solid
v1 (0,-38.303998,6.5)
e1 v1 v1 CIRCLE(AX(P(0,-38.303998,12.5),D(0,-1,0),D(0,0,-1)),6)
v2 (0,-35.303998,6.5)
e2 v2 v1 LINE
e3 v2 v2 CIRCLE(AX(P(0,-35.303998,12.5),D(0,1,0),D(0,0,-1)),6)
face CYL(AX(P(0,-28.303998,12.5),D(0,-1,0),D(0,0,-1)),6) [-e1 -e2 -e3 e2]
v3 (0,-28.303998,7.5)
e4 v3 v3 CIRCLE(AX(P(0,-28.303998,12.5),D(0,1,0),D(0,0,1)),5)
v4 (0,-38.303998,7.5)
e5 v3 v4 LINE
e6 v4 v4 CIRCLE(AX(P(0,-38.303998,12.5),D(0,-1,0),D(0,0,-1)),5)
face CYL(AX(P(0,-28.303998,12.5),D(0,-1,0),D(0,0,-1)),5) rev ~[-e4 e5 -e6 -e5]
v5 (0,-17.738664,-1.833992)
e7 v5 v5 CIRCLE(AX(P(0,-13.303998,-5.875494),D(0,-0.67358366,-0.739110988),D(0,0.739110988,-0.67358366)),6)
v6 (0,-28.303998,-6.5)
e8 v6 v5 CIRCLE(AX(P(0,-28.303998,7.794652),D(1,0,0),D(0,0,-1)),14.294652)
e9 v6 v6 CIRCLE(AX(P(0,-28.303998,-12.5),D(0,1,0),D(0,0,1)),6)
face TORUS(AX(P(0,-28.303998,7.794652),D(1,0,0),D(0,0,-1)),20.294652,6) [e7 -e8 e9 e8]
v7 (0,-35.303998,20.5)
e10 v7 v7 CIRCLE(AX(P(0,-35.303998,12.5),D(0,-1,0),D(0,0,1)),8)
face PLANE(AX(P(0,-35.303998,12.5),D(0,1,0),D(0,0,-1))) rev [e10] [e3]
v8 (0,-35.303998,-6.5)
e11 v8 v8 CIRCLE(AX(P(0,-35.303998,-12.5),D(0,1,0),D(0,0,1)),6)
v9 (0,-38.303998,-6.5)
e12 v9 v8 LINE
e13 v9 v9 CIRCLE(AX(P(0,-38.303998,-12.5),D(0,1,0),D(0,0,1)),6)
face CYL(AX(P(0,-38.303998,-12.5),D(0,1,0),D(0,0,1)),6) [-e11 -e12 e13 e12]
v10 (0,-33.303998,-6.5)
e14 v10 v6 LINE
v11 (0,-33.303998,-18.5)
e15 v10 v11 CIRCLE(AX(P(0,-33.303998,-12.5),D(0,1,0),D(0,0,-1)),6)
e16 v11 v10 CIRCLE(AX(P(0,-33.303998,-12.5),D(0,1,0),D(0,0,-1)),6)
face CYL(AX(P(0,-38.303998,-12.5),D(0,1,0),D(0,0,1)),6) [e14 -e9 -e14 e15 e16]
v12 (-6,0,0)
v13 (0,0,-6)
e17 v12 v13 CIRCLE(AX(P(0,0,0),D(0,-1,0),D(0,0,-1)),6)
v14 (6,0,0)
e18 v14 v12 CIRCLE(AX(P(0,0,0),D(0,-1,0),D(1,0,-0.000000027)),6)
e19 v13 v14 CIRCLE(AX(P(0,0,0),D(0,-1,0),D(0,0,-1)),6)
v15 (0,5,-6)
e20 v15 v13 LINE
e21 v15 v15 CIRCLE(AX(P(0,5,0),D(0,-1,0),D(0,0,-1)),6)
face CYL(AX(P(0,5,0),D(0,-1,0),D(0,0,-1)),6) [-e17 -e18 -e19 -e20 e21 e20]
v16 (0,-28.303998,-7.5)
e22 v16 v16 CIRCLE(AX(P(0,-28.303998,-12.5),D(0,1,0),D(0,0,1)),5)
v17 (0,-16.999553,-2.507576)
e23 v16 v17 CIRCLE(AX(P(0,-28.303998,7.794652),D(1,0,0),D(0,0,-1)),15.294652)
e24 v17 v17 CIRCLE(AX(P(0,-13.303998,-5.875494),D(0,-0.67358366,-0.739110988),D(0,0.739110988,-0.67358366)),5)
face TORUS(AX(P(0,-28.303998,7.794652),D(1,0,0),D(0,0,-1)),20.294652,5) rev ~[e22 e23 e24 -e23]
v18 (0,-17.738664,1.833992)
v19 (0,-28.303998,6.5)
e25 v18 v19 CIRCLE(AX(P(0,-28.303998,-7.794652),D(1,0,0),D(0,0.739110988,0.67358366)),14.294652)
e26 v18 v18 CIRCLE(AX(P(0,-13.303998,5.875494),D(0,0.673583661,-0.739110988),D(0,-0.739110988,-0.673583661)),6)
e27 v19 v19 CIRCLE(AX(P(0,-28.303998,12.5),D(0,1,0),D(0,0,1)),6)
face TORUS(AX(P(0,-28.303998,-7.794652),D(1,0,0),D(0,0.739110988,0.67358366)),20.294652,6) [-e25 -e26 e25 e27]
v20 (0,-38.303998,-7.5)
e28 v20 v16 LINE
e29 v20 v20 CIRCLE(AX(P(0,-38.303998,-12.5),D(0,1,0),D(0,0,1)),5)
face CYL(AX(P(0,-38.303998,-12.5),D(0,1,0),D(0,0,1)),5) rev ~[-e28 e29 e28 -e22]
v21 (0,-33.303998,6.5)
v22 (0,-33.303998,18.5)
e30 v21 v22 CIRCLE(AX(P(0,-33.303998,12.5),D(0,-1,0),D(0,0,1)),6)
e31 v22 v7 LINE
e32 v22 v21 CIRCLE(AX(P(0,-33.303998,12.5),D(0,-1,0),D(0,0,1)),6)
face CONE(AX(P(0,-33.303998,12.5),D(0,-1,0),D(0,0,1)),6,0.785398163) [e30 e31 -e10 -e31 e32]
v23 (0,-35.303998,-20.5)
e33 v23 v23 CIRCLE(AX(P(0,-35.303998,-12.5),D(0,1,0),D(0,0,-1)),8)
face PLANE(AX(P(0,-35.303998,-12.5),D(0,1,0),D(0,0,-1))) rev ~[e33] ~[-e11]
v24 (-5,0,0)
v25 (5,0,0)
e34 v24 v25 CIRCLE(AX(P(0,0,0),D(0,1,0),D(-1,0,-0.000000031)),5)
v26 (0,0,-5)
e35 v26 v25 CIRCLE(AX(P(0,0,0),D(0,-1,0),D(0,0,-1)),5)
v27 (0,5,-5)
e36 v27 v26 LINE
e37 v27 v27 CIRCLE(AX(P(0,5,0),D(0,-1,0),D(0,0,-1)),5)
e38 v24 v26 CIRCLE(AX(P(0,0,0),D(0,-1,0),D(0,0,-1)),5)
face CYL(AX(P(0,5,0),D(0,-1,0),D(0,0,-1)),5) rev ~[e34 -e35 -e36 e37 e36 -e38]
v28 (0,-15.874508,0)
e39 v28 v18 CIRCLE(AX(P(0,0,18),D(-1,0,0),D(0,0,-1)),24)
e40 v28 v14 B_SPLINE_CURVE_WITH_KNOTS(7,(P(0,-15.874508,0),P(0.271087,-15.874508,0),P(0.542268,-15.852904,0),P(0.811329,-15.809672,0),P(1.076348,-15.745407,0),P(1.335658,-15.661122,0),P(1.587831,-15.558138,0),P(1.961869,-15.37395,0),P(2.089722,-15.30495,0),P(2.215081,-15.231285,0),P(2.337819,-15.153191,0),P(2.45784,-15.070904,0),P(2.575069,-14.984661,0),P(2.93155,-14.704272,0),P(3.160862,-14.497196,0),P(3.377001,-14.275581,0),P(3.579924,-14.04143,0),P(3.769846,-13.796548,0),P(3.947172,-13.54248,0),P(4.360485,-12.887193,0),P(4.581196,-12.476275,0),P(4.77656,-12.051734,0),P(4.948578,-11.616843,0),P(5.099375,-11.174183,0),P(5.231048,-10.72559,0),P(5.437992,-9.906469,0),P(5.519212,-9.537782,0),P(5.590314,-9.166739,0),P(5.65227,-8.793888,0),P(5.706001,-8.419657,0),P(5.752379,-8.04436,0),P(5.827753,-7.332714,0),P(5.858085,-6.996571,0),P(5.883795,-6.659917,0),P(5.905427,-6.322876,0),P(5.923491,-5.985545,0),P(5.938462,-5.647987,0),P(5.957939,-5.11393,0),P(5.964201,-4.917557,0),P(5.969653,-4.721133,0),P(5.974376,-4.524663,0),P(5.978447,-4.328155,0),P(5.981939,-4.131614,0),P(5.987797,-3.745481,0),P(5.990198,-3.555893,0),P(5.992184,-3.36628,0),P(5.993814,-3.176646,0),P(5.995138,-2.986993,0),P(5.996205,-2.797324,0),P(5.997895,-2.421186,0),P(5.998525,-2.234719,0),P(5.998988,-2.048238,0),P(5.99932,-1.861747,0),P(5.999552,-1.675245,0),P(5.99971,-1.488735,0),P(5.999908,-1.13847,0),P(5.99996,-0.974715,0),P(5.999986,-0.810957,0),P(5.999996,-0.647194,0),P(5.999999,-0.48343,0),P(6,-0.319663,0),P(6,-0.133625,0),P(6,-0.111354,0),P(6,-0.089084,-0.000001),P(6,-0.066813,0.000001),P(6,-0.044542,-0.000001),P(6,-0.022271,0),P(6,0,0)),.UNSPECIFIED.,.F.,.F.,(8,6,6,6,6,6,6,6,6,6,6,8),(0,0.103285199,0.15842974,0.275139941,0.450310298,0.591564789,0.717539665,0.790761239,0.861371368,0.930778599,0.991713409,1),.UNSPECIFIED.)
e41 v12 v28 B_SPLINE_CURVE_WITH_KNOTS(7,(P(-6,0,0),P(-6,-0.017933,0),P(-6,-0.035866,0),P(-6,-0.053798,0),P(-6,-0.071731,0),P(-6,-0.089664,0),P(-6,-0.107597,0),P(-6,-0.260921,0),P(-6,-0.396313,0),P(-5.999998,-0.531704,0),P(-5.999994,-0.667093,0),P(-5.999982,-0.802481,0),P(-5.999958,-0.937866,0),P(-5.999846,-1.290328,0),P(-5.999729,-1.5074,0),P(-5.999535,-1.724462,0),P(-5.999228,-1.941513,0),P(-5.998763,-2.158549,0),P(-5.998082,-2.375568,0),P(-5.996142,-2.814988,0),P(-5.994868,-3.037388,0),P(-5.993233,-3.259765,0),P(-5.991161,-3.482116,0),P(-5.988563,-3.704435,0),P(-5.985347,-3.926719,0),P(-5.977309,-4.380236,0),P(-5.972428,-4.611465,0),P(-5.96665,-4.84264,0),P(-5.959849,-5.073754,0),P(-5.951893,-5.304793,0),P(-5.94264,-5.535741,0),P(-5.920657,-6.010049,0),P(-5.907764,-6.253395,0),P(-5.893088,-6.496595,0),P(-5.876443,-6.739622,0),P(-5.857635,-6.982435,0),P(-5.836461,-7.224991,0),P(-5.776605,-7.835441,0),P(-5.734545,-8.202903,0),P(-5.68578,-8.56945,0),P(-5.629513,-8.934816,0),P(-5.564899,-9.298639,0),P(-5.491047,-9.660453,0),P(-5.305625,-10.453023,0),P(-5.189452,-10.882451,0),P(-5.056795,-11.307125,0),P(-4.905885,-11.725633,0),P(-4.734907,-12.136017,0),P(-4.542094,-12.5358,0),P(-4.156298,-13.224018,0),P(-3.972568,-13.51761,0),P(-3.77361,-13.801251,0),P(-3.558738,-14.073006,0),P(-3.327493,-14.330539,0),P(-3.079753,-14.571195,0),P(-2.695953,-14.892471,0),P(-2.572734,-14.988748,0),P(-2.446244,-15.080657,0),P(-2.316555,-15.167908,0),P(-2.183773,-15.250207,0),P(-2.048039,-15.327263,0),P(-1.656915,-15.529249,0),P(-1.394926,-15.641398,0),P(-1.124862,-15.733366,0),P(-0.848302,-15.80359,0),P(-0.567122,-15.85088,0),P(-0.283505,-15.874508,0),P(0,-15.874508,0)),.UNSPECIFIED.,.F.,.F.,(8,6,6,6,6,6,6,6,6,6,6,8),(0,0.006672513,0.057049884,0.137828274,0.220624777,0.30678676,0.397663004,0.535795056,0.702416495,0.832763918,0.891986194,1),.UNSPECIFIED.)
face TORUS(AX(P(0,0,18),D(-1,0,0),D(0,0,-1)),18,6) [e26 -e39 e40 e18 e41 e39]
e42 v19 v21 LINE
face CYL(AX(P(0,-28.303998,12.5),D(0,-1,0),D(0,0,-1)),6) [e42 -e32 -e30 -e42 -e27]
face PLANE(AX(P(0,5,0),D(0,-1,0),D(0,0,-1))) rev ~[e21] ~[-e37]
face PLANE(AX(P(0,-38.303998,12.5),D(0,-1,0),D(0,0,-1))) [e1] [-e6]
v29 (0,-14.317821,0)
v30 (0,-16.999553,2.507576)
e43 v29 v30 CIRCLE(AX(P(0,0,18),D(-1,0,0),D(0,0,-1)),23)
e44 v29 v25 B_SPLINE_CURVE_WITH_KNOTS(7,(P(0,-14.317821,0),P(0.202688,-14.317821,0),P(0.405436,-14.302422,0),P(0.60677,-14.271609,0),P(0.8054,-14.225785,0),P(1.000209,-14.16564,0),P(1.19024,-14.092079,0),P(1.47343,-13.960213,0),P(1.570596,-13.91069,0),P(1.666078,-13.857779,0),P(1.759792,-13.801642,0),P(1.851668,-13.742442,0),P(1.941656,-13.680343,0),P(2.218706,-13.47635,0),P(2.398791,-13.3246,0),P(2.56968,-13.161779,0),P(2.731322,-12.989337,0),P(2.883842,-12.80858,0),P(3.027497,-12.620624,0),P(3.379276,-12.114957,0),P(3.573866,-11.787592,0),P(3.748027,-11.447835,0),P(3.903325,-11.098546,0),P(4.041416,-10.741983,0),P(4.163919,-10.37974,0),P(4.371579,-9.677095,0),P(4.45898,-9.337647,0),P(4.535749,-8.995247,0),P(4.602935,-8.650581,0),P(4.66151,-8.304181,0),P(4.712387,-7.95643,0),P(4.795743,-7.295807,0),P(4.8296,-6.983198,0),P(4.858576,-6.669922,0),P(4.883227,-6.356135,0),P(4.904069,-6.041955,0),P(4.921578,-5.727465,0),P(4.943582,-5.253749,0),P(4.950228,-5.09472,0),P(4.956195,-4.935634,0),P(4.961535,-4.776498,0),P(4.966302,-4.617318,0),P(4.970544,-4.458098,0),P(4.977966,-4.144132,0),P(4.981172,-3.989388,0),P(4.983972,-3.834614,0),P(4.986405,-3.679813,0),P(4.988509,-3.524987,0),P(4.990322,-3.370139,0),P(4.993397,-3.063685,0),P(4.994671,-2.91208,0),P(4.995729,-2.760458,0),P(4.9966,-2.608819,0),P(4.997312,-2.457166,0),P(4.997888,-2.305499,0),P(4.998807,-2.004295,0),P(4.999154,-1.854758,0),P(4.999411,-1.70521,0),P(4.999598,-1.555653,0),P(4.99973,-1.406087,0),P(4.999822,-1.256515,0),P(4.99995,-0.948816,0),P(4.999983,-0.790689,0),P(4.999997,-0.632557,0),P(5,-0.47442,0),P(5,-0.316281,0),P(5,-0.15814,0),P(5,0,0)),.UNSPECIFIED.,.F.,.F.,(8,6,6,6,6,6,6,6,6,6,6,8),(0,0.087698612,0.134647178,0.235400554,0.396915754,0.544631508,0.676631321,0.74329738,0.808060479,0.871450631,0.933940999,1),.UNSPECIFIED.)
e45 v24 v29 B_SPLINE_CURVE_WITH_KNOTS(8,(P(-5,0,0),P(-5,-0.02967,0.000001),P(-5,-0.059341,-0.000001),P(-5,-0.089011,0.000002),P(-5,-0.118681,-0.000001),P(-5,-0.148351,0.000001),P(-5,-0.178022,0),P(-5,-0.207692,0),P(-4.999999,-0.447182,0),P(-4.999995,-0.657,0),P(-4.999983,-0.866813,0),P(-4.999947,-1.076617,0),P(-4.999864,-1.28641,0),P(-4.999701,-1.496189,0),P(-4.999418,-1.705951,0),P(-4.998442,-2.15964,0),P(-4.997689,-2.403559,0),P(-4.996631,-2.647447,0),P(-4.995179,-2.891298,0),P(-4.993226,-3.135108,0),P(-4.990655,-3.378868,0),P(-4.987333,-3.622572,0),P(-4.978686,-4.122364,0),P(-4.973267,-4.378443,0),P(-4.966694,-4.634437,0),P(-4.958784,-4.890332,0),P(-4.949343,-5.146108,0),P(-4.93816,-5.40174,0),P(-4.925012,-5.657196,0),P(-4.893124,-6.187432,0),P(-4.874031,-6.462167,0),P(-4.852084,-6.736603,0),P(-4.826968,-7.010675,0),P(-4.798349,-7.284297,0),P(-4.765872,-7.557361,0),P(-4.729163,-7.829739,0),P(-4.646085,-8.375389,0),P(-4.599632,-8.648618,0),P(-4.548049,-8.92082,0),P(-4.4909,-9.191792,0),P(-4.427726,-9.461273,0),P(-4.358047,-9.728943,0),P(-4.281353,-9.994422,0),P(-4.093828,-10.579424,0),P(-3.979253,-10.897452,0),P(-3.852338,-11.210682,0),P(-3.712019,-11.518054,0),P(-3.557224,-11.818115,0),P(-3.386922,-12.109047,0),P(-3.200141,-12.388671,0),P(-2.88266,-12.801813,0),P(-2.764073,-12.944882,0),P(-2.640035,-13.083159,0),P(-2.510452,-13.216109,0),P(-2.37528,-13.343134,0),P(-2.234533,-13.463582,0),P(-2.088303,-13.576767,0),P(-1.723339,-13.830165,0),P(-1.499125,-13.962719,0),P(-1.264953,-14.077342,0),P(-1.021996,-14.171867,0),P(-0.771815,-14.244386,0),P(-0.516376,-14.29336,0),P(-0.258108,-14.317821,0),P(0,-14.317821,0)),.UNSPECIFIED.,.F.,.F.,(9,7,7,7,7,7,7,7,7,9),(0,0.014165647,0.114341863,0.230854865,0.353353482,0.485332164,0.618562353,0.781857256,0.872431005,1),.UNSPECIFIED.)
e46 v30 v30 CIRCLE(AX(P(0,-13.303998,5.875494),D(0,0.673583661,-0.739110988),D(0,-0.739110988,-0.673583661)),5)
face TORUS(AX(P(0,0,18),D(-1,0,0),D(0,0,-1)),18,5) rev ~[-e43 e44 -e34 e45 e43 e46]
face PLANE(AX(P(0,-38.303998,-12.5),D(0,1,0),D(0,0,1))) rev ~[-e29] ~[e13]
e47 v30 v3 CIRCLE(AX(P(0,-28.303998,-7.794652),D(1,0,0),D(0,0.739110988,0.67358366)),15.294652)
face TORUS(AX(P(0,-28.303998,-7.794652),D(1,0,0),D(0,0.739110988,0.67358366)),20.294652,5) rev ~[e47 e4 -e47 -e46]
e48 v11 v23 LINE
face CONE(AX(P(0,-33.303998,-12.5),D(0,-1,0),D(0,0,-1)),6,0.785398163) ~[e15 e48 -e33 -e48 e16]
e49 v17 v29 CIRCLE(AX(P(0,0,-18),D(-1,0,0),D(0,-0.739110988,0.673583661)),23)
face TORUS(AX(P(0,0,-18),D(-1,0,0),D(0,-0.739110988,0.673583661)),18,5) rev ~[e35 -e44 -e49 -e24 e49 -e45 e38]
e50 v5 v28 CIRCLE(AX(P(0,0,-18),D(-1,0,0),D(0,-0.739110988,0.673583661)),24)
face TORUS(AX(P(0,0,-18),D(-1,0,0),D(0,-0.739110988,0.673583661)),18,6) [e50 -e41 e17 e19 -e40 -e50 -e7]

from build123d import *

# Parameters (mm, degrees)
SWEEP1_PROFILE_R     = 6
SWEEP2_PROFILE_R     = 6
CUT_SWEEP1_PROFILE_R = 5
CUT_SWEEP2_PROFILE_R = 5


with BuildPart() as part:
    # Sweep1: sweep along a path in Sketch1
    with BuildLine(Plane(origin=(0, 0, 0), x_dir=(0, 0, -1), z_dir=(1, 0, 0))) as sweep1_path:
        Line((0, 5), (0, 0))
        ThreePointArc((0, 0), (-1.534261237, -7.271825561), (-5.87549411, -13.30399778))
        ThreePointArc((-5.87549411, -13.30399778), (-10.770150151, -20.105155205), (-12.5, -28.30399778))
        Line((-12.5, -28.30399778), (-12.5, -38.30399778))
    # Sweep1 profile (on start of the path) → Sweep1 (sweep)
    with BuildSketch(Plane(origin=(0, 5, 0), x_dir=(0, 0, -1), z_dir=(0, -1, 0))):
        Circle(SWEEP1_PROFILE_R)
    sweep(path=sweep1_path.line)

    # Sweep2: sweep along a path in Sketch3
    with BuildLine(Plane(origin=(0, 0, 0), x_dir=(0, 0, -1), z_dir=(1, 0, 0))) as sweep2_path:
        Line((12.5, -38.30399778), (12.5, -28.30399778))
        ThreePointArc((12.5, -28.30399778), (10.770150151, -20.105155205), (5.87549411, -13.30399778))
        ThreePointArc((5.87549411, -13.30399778), (1.534261237, -7.271825561), (0, 0))
        Line((0, 0), (0, 5))
    # Sweep2 profile (on start of the path) → Sweep2 (sweep)
    with BuildSketch(Plane(origin=(0, -38.30399778, -12.5), x_dir=(0, 0, 1), z_dir=(0, 1, 0))):
        Circle(SWEEP2_PROFILE_R)
    sweep(path=sweep2_path.line)

    # Cut-Sweep1: sweep along a path in Sketch1<5>
    with BuildLine(Plane(origin=(0, 0, 0), x_dir=(0, 0, -1), z_dir=(1, 0, 0))) as cut_sweep1_path:
        Line((0, 5), (0, 0))
        ThreePointArc((0, 0), (-1.534261237, -7.271825561), (-5.87549411, -13.30399778))
        ThreePointArc((-5.87549411, -13.30399778), (-10.770150151, -20.105155205), (-12.5, -28.30399778))
        Line((-12.5, -28.30399778), (-12.5, -38.30399778))
    # Cut-Sweep1 profile (on start of the path) → Cut-Sweep1 (sweep, cut)
    with BuildSketch(Plane(origin=(0, 5, 0), x_dir=(0, 0, -1), z_dir=(0, -1, 0))):
        Circle(CUT_SWEEP1_PROFILE_R)
    sweep(path=cut_sweep1_path.line, mode=Mode.SUBTRACT)

    # Cut-Sweep2: sweep along a path in Sketch3<2>
    with BuildLine(Plane(origin=(0, 0, 0), x_dir=(0, 0, -1), z_dir=(1, 0, 0))) as cut_sweep2_path:
        Line((12.5, -38.30399778), (12.5, -28.30399778))
        ThreePointArc((12.5, -28.30399778), (10.770150151, -20.105155205), (5.87549411, -13.30399778))
        ThreePointArc((5.87549411, -13.30399778), (1.534261237, -7.271825561), (0, 0))
        Line((0, 0), (0, 5))
    # Cut-Sweep2 profile (on start of the path) → Cut-Sweep2 (sweep, cut)
    with BuildSketch(Plane(origin=(0, -38.30399778, -12.5), x_dir=(0, 0, 1), z_dir=(0, 1, 0))):
        Circle(CUT_SWEEP2_PROFILE_R)
    sweep(path=cut_sweep2_path.line, mode=Mode.SUBTRACT)

    # Sketch111 → Revolve1 (revolve)
    with BuildSketch(Plane(origin=(0, 0, 0), x_dir=(0, 0, -1), z_dir=(1, 0, 0))):
        Polygon((6.5, -33.30399778), (4.5, -35.30399778), (6.5, -35.30399778), align=None)
    revolve1 = revolve(axis=Axis((0, -38.30399778, -12.5), (0, 1, 0)))

    # Mirror1: Revolve1 across plane
    add(revolve1.mirror(Plane.XY))


solid = part.part
